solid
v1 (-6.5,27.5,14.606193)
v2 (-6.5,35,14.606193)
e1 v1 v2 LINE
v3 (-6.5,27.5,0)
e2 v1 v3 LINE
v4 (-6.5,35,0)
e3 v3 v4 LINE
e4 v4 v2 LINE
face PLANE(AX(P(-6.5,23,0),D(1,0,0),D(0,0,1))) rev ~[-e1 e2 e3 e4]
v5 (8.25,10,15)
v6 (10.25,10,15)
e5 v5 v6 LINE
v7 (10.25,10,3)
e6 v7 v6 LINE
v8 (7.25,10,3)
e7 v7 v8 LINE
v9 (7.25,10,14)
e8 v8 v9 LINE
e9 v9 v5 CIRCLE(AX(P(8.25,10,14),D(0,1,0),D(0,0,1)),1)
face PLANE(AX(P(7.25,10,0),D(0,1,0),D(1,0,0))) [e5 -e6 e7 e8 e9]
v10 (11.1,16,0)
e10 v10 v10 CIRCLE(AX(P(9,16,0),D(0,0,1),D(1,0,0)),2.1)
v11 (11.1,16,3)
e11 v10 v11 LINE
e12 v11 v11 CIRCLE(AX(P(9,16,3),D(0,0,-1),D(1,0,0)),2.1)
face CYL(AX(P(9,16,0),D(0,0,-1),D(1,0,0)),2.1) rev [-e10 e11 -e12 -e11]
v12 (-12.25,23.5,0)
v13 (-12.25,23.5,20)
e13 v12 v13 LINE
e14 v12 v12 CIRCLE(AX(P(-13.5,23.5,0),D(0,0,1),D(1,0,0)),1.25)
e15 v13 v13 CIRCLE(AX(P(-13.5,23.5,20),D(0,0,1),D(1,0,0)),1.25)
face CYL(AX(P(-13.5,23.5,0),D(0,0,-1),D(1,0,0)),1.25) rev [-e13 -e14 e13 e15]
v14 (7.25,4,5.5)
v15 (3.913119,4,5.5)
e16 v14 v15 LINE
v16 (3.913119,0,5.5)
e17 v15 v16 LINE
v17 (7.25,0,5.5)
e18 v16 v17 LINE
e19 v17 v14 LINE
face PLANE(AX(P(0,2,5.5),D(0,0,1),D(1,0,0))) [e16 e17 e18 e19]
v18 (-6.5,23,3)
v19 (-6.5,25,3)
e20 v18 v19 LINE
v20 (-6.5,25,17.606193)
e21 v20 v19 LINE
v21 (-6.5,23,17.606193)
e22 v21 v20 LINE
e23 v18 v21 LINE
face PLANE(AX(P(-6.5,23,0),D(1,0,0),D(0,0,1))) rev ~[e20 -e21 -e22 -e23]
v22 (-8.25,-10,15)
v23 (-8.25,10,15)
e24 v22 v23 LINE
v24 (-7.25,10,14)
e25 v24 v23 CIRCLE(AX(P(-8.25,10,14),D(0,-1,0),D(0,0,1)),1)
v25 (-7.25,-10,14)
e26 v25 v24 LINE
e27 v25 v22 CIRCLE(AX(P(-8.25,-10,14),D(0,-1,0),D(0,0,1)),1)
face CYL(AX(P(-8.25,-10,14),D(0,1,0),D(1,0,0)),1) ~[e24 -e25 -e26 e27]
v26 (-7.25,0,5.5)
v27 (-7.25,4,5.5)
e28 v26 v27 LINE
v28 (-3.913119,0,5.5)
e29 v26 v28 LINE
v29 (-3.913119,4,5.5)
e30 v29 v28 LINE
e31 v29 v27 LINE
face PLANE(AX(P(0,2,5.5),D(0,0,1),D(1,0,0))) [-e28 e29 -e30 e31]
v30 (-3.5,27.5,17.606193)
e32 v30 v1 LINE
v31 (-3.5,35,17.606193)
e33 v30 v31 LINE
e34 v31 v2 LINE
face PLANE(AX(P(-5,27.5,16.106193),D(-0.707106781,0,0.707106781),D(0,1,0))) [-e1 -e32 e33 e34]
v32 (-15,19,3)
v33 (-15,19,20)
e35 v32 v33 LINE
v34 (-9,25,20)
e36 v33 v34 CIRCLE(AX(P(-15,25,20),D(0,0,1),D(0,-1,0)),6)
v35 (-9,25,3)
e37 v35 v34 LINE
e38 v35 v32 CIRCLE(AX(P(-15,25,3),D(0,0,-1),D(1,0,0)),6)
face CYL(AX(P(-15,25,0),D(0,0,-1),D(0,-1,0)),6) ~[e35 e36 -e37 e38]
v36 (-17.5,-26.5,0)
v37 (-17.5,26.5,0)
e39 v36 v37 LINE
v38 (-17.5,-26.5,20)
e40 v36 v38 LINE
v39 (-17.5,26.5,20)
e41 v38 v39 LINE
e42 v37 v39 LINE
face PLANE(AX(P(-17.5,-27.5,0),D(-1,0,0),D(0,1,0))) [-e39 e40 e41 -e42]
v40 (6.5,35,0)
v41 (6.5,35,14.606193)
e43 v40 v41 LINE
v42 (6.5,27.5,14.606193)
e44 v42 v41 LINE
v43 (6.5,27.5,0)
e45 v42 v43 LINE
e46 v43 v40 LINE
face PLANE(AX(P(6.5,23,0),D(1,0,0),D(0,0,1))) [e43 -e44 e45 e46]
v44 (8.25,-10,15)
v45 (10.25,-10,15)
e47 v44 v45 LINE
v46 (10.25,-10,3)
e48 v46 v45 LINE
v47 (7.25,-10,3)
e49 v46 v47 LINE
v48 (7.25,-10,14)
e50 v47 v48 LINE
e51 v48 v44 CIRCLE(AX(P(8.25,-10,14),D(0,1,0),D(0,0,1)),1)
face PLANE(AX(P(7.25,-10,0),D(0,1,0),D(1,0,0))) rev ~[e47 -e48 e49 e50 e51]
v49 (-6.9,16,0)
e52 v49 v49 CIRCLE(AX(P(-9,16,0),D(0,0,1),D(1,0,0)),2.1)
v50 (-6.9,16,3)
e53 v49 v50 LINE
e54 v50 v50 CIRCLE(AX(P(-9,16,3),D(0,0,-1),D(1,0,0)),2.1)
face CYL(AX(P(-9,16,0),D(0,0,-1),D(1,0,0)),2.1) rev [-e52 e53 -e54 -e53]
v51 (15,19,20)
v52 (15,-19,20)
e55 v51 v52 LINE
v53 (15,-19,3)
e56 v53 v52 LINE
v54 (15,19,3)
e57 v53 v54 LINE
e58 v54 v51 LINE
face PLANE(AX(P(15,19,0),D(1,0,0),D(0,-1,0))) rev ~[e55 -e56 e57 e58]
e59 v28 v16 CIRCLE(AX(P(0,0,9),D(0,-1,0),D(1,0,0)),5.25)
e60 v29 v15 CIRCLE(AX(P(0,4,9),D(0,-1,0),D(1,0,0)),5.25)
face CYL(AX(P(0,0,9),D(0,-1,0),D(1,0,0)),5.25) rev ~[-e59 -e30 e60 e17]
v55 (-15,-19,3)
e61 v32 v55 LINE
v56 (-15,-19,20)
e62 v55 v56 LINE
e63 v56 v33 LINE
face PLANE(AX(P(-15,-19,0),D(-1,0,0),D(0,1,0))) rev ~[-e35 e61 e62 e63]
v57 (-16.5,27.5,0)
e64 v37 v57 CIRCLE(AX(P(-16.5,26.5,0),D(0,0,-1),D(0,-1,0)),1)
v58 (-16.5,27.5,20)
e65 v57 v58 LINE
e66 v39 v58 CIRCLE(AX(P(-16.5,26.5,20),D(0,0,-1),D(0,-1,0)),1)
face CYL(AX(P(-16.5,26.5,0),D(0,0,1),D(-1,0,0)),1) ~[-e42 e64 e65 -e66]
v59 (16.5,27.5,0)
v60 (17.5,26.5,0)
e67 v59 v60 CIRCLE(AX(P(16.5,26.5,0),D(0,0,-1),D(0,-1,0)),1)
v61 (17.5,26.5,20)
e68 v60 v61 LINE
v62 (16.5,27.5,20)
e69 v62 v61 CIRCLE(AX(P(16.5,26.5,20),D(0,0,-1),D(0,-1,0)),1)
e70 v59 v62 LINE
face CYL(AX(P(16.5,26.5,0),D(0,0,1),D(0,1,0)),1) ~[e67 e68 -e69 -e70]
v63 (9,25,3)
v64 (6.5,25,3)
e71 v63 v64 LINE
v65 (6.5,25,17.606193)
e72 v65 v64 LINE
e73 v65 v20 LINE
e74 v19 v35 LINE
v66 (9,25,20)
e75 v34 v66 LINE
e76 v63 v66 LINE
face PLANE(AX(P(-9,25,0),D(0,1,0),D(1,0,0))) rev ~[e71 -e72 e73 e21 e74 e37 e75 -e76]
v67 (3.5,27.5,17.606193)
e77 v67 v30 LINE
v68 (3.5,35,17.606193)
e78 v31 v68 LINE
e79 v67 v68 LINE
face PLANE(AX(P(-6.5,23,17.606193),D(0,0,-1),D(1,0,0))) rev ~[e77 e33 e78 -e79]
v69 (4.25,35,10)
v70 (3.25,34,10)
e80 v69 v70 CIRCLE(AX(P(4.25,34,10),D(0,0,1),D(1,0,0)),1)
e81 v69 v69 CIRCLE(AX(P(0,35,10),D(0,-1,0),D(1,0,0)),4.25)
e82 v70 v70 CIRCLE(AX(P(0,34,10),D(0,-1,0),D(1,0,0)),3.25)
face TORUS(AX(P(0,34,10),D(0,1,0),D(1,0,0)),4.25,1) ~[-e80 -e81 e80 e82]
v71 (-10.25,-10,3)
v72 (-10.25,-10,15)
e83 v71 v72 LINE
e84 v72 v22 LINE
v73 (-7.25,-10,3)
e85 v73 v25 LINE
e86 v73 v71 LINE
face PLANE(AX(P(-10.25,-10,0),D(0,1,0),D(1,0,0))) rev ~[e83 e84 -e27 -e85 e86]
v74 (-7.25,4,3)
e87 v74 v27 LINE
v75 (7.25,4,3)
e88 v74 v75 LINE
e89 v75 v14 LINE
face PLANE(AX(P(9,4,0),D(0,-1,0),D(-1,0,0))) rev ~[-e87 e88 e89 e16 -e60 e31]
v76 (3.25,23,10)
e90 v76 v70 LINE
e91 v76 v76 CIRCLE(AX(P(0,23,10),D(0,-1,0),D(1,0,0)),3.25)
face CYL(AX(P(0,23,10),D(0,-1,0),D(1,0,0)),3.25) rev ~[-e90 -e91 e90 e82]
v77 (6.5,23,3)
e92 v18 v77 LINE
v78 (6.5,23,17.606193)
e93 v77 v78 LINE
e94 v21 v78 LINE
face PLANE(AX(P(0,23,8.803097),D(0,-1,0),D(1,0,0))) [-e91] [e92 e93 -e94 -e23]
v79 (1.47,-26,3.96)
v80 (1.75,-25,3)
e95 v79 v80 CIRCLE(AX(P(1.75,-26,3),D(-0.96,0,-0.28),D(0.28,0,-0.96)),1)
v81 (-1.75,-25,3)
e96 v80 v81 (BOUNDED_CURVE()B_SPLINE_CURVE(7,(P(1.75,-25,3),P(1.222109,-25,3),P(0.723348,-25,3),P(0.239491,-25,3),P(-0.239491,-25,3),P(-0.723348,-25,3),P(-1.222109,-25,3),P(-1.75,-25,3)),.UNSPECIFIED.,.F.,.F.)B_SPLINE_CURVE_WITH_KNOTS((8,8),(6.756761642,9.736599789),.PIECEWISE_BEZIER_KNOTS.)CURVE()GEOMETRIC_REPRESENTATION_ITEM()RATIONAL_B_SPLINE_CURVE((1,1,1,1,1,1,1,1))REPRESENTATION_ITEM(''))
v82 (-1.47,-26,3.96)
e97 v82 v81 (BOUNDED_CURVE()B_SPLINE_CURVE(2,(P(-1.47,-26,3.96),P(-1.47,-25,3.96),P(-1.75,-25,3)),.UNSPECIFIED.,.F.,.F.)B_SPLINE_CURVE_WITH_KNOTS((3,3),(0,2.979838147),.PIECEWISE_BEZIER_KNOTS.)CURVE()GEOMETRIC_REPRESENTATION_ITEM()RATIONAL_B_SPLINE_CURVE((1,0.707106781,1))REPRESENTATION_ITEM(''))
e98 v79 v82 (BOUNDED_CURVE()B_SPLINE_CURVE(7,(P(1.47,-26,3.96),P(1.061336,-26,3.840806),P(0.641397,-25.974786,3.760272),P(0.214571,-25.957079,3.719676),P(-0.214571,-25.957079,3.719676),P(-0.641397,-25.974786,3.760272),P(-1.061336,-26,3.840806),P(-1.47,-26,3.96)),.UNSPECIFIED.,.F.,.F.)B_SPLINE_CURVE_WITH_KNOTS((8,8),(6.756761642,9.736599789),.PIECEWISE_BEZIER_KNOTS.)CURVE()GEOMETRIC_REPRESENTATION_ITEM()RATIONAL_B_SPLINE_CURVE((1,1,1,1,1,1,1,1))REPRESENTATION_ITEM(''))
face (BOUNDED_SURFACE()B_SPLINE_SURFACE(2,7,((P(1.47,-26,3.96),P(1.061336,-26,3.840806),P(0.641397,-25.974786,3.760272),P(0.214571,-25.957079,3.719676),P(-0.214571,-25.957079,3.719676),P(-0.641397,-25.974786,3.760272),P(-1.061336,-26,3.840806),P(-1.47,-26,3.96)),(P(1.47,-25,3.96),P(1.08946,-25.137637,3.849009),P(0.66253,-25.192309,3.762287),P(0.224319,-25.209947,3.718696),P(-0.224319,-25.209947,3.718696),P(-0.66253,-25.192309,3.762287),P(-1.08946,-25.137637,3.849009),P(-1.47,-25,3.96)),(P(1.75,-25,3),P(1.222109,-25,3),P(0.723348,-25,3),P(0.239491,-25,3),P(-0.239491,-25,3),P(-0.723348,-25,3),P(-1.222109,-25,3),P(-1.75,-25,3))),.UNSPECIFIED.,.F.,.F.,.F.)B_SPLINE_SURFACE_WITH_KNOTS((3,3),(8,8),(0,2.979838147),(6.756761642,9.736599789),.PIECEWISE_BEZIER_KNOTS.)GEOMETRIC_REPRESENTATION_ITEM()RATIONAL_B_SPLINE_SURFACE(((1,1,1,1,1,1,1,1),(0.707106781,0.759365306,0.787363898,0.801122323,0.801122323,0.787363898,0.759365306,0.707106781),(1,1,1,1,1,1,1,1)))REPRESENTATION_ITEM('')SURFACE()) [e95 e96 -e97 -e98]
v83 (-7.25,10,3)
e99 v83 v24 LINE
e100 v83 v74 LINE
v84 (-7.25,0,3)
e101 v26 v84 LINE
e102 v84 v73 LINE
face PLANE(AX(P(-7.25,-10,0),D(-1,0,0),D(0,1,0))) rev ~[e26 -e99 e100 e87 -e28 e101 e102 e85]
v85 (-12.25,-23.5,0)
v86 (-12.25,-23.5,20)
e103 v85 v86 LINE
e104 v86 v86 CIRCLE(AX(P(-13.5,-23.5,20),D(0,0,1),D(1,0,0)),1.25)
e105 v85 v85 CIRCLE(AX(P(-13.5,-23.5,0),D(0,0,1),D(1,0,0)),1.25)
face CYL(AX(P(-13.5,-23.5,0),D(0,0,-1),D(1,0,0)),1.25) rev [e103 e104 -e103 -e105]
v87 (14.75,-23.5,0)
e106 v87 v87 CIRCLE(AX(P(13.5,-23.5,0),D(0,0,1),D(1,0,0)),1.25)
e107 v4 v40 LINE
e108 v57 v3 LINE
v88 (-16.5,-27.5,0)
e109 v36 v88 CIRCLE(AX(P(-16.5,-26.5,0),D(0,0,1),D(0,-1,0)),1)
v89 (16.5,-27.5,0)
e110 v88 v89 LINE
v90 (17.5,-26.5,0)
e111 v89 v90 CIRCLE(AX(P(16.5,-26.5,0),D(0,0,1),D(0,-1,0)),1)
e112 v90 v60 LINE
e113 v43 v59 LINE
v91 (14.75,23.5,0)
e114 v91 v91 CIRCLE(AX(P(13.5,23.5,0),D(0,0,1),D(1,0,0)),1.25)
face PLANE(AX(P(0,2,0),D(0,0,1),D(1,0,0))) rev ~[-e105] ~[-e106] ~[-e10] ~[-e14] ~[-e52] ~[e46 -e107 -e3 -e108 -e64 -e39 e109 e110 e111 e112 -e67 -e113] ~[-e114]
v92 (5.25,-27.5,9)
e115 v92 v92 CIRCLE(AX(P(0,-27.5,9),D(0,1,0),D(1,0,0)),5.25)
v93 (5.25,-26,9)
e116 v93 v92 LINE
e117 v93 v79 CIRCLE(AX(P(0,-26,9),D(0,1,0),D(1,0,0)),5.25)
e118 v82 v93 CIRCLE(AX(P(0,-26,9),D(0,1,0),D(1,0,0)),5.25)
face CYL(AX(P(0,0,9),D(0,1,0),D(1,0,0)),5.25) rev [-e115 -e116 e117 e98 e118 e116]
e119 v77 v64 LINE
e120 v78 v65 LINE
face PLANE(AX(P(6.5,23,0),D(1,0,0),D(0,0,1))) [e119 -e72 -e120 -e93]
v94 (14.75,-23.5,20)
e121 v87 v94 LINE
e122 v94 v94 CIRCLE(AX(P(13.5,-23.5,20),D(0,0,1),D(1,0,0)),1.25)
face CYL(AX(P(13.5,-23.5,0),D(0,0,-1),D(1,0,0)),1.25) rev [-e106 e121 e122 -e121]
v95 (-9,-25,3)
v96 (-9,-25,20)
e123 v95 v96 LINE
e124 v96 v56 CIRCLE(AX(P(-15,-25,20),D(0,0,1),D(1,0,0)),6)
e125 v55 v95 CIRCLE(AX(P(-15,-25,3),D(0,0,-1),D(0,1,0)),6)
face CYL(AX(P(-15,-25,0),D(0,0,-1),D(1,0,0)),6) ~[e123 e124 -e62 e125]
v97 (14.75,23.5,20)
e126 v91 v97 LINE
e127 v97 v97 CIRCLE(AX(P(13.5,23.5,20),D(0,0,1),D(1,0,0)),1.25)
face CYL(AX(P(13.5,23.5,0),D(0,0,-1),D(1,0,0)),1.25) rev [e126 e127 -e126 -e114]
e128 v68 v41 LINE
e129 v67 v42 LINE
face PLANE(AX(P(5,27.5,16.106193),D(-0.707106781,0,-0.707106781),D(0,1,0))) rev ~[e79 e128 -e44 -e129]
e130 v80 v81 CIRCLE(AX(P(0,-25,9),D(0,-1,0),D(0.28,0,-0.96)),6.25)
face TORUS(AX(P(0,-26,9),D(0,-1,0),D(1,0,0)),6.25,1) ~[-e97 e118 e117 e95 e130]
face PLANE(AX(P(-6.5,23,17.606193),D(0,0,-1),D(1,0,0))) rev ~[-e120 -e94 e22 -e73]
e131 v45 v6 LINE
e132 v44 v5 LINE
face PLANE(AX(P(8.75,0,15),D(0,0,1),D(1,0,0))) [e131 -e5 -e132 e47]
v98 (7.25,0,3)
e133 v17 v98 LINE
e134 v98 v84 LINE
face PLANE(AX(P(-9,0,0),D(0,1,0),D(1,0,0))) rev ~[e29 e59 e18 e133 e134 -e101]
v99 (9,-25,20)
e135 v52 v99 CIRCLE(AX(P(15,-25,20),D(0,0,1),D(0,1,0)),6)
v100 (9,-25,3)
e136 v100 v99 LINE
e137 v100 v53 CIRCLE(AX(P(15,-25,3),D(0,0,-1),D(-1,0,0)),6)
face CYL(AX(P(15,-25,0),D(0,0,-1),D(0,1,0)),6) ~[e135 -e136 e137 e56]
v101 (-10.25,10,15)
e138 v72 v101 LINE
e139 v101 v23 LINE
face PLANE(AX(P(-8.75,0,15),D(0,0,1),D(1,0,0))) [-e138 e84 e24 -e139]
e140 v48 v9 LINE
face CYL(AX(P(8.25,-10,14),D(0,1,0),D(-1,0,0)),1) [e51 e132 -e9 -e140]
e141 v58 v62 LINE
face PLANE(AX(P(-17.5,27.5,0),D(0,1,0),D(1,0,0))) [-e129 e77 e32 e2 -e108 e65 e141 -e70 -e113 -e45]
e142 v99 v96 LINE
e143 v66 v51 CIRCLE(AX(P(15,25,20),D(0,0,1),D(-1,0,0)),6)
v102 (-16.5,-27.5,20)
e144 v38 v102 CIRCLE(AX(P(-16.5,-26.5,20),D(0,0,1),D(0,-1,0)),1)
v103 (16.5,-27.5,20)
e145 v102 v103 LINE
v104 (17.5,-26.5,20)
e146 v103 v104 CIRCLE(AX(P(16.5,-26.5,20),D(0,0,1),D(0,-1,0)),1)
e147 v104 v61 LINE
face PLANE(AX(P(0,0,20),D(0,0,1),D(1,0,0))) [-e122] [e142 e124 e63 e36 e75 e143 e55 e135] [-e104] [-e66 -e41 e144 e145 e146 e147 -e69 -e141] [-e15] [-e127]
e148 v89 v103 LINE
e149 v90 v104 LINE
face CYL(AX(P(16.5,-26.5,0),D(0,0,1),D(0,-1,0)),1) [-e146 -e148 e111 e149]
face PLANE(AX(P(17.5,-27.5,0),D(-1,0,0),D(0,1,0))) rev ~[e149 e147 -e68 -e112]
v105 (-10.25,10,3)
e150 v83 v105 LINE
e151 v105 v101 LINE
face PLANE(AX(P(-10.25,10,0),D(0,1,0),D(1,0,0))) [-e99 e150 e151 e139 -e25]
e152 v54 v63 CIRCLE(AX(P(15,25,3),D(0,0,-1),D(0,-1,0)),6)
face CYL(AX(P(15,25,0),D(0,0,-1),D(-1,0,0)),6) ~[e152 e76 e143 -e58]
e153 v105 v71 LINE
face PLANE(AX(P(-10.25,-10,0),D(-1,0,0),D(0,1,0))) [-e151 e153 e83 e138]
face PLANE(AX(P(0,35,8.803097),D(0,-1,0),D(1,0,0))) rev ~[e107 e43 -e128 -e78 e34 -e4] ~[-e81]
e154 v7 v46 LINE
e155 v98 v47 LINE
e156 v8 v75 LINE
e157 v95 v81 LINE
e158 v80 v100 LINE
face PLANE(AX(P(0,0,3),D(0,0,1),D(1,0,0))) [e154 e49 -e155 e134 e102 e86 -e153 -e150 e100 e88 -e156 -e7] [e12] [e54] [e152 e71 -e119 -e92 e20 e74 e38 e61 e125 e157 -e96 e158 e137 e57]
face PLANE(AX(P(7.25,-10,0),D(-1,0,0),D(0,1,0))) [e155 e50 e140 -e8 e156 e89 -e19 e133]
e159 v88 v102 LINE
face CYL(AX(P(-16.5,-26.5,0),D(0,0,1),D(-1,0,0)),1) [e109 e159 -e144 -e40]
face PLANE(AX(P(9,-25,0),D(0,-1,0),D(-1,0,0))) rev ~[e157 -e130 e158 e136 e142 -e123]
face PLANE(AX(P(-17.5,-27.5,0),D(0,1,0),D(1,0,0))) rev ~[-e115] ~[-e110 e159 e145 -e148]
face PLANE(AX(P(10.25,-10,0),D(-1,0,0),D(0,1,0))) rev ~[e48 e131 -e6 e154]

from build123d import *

# Parameters (mm, degrees)
F0_W           = 35
F0_H           = 55
F0_R           = 1.25
F1_DEPTH       = 20
F2_DEPTH       = 3
F3_R           = 1
F4_W           = 3
F4_H           = 20
F5_DEPTH       = 15
F7_DEPTH       = 5.5
F8_R           = 2.1
F9_DEPTH       = 25
F9_DEPTH_BACK  = 25
F10_R          = 5.25
F11_DEPTH      = 25
F11_DEPTH_BACK = 30
F13_START      = -23
F12_W          = 13
F12_H          = 17.6061931998
F12_R          = 3.25
F13_DEPTH      = 12
F14_DEPTH      = 25
F14_DEPTH_BACK = 25
F15_SIZE       = 3
F16_R          = 1


with BuildPart() as f1:
    # F0 (on Top) → F1 (new body)
    with BuildSketch(Plane.XY):
        Rectangle(F0_W, F0_H)
        with Locations((-13.5, -23.5)):
            Circle(F0_R, mode=Mode.SUBTRACT)
        with Locations((13.5, -23.5)):
            Circle(F0_R, mode=Mode.SUBTRACT)
        with Locations((-13.5, 23.5)):
            Circle(F0_R, mode=Mode.SUBTRACT)
        with BuildLine():
            ThreePointArc((15, -19), (10.7573593129, -20.7573593129), (9, -25))
            Line((9, -25), (-9, -25))
            ThreePointArc((-9, -25), (-10.7573593129, -20.7573593129), (-15, -19))
            Line((-15, -19), (-15, 19))
            ThreePointArc((-15, 19), (-10.7573593129, 20.7573593129), (-9, 25))
            Line((-9, 25), (9, 25))
            ThreePointArc((9, 25), (10.7573593129, 20.7573593129), (15, 19))
            Line((15, 19), (15, -19))
        make_face(mode=Mode.SUBTRACT)
        with Locations((13.5, 23.5)):
            Circle(F0_R, mode=Mode.SUBTRACT)
    extrude(amount=F1_DEPTH)

    # F0 (on Top) → F2 (join)
    with BuildSketch(Plane.XY):
        with BuildLine():
            Line((-9, -25), (9, -25))
            ThreePointArc((9, -25), (10.7573593129, -20.7573593129), (15, -19))
            Line((15, -19), (15, 19))
            ThreePointArc((15, 19), (10.7573593129, 20.7573593129), (9, 25))
            Line((9, 25), (-9, 25))
            ThreePointArc((-9, 25), (-10.7573593129, 20.7573593129), (-15, 19))
            Line((-15, 19), (-15, -19))
            ThreePointArc((-15, -19), (-10.7573593129, -20.7573593129), (-9, -25))
        make_face()
    extrude(amount=F2_DEPTH)

    # F3
    f3_edges = [f1.edges().sort_by_distance(p)[0] for p in [
        (17.5, 27.5, 10),
        (-17.5, 27.5, 10),
        (17.5, -27.5, 10),
        (-17.5, -27.5, 10),
    ]]
    fillet(f3_edges, radius=F3_R)

    # F4 (on Top) → F5 (join)
    with BuildSketch(Plane.XY):
        with Locations((-8.75, 0)):
            Rectangle(F4_W, F4_H)
        with Locations((8.75, 0)):
            Rectangle(F4_W, F4_H)
    extrude(amount=F5_DEPTH)

    # F6 (on Top) → F7 (join)
    with BuildSketch(Plane.XY):
        Polygon((-9, 0), (0, 0), (9, 0), (9, 4), (-9, 4), align=None)
    extrude(amount=F7_DEPTH)

    # F8 (on Top) → F9 (cut, two sides)
    with BuildSketch(Plane.XY) as f9_sk:
        with Locations((-9, 16)):
            Circle(F8_R)
        with Locations((9, 16)):
            Circle(F8_R)
    extrude(amount=-F9_DEPTH, mode=Mode.SUBTRACT)
    extrude(f9_sk.sketch, amount=F9_DEPTH_BACK, mode=Mode.SUBTRACT)

    # F10 (on Front) → F11 (cut, two sides)
    with BuildSketch(Plane.XZ) as f11_sk:
        with Locations((0, 9)):
            Circle(F10_R)
    extrude(amount=-F11_DEPTH, mode=Mode.SUBTRACT)
    extrude(f11_sk.sketch, amount=F11_DEPTH_BACK, mode=Mode.SUBTRACT)

    # F12 (on Front) → F13 (join)
    with BuildSketch(Plane.XZ.offset(F13_START)):
        with Locations((0, 8.8030965999)):
            Rectangle(F12_W, F12_H)
        with Locations((0, 10)):
            Circle(F12_R, mode=Mode.SUBTRACT)
    extrude(amount=-F13_DEPTH)

    # F14 (cut, two sides): a face of the model
    f14_faces = [f1.faces().sort_by_distance(p)[0] for p in [
        (0, 27.5, 10),
    ]]
    extrude(f14_faces, amount=-F14_DEPTH, mode=Mode.SUBTRACT)
    extrude(f14_faces, amount=F14_DEPTH_BACK, mode=Mode.SUBTRACT)

    # F15
    f15_edges = [f1.edges().sort_by_distance(p)[0] for p in [
        (6.5, 31.25, 17.606193),
        (-6.5, 31.25, 17.606193),
    ]]
    chamfer(f15_edges, length=F15_SIZE)

    # F16
    f16_edges = [f1.edges().sort_by_distance(p)[0] for p in [
        (-3.25, 35, 10),
        (-5.25, -25, 9),
        (-7.25, 0, 15),
        (7.25, 0, 15),
    ]]
    fillet(f16_edges, radius=F16_R)


solid = f1.part
